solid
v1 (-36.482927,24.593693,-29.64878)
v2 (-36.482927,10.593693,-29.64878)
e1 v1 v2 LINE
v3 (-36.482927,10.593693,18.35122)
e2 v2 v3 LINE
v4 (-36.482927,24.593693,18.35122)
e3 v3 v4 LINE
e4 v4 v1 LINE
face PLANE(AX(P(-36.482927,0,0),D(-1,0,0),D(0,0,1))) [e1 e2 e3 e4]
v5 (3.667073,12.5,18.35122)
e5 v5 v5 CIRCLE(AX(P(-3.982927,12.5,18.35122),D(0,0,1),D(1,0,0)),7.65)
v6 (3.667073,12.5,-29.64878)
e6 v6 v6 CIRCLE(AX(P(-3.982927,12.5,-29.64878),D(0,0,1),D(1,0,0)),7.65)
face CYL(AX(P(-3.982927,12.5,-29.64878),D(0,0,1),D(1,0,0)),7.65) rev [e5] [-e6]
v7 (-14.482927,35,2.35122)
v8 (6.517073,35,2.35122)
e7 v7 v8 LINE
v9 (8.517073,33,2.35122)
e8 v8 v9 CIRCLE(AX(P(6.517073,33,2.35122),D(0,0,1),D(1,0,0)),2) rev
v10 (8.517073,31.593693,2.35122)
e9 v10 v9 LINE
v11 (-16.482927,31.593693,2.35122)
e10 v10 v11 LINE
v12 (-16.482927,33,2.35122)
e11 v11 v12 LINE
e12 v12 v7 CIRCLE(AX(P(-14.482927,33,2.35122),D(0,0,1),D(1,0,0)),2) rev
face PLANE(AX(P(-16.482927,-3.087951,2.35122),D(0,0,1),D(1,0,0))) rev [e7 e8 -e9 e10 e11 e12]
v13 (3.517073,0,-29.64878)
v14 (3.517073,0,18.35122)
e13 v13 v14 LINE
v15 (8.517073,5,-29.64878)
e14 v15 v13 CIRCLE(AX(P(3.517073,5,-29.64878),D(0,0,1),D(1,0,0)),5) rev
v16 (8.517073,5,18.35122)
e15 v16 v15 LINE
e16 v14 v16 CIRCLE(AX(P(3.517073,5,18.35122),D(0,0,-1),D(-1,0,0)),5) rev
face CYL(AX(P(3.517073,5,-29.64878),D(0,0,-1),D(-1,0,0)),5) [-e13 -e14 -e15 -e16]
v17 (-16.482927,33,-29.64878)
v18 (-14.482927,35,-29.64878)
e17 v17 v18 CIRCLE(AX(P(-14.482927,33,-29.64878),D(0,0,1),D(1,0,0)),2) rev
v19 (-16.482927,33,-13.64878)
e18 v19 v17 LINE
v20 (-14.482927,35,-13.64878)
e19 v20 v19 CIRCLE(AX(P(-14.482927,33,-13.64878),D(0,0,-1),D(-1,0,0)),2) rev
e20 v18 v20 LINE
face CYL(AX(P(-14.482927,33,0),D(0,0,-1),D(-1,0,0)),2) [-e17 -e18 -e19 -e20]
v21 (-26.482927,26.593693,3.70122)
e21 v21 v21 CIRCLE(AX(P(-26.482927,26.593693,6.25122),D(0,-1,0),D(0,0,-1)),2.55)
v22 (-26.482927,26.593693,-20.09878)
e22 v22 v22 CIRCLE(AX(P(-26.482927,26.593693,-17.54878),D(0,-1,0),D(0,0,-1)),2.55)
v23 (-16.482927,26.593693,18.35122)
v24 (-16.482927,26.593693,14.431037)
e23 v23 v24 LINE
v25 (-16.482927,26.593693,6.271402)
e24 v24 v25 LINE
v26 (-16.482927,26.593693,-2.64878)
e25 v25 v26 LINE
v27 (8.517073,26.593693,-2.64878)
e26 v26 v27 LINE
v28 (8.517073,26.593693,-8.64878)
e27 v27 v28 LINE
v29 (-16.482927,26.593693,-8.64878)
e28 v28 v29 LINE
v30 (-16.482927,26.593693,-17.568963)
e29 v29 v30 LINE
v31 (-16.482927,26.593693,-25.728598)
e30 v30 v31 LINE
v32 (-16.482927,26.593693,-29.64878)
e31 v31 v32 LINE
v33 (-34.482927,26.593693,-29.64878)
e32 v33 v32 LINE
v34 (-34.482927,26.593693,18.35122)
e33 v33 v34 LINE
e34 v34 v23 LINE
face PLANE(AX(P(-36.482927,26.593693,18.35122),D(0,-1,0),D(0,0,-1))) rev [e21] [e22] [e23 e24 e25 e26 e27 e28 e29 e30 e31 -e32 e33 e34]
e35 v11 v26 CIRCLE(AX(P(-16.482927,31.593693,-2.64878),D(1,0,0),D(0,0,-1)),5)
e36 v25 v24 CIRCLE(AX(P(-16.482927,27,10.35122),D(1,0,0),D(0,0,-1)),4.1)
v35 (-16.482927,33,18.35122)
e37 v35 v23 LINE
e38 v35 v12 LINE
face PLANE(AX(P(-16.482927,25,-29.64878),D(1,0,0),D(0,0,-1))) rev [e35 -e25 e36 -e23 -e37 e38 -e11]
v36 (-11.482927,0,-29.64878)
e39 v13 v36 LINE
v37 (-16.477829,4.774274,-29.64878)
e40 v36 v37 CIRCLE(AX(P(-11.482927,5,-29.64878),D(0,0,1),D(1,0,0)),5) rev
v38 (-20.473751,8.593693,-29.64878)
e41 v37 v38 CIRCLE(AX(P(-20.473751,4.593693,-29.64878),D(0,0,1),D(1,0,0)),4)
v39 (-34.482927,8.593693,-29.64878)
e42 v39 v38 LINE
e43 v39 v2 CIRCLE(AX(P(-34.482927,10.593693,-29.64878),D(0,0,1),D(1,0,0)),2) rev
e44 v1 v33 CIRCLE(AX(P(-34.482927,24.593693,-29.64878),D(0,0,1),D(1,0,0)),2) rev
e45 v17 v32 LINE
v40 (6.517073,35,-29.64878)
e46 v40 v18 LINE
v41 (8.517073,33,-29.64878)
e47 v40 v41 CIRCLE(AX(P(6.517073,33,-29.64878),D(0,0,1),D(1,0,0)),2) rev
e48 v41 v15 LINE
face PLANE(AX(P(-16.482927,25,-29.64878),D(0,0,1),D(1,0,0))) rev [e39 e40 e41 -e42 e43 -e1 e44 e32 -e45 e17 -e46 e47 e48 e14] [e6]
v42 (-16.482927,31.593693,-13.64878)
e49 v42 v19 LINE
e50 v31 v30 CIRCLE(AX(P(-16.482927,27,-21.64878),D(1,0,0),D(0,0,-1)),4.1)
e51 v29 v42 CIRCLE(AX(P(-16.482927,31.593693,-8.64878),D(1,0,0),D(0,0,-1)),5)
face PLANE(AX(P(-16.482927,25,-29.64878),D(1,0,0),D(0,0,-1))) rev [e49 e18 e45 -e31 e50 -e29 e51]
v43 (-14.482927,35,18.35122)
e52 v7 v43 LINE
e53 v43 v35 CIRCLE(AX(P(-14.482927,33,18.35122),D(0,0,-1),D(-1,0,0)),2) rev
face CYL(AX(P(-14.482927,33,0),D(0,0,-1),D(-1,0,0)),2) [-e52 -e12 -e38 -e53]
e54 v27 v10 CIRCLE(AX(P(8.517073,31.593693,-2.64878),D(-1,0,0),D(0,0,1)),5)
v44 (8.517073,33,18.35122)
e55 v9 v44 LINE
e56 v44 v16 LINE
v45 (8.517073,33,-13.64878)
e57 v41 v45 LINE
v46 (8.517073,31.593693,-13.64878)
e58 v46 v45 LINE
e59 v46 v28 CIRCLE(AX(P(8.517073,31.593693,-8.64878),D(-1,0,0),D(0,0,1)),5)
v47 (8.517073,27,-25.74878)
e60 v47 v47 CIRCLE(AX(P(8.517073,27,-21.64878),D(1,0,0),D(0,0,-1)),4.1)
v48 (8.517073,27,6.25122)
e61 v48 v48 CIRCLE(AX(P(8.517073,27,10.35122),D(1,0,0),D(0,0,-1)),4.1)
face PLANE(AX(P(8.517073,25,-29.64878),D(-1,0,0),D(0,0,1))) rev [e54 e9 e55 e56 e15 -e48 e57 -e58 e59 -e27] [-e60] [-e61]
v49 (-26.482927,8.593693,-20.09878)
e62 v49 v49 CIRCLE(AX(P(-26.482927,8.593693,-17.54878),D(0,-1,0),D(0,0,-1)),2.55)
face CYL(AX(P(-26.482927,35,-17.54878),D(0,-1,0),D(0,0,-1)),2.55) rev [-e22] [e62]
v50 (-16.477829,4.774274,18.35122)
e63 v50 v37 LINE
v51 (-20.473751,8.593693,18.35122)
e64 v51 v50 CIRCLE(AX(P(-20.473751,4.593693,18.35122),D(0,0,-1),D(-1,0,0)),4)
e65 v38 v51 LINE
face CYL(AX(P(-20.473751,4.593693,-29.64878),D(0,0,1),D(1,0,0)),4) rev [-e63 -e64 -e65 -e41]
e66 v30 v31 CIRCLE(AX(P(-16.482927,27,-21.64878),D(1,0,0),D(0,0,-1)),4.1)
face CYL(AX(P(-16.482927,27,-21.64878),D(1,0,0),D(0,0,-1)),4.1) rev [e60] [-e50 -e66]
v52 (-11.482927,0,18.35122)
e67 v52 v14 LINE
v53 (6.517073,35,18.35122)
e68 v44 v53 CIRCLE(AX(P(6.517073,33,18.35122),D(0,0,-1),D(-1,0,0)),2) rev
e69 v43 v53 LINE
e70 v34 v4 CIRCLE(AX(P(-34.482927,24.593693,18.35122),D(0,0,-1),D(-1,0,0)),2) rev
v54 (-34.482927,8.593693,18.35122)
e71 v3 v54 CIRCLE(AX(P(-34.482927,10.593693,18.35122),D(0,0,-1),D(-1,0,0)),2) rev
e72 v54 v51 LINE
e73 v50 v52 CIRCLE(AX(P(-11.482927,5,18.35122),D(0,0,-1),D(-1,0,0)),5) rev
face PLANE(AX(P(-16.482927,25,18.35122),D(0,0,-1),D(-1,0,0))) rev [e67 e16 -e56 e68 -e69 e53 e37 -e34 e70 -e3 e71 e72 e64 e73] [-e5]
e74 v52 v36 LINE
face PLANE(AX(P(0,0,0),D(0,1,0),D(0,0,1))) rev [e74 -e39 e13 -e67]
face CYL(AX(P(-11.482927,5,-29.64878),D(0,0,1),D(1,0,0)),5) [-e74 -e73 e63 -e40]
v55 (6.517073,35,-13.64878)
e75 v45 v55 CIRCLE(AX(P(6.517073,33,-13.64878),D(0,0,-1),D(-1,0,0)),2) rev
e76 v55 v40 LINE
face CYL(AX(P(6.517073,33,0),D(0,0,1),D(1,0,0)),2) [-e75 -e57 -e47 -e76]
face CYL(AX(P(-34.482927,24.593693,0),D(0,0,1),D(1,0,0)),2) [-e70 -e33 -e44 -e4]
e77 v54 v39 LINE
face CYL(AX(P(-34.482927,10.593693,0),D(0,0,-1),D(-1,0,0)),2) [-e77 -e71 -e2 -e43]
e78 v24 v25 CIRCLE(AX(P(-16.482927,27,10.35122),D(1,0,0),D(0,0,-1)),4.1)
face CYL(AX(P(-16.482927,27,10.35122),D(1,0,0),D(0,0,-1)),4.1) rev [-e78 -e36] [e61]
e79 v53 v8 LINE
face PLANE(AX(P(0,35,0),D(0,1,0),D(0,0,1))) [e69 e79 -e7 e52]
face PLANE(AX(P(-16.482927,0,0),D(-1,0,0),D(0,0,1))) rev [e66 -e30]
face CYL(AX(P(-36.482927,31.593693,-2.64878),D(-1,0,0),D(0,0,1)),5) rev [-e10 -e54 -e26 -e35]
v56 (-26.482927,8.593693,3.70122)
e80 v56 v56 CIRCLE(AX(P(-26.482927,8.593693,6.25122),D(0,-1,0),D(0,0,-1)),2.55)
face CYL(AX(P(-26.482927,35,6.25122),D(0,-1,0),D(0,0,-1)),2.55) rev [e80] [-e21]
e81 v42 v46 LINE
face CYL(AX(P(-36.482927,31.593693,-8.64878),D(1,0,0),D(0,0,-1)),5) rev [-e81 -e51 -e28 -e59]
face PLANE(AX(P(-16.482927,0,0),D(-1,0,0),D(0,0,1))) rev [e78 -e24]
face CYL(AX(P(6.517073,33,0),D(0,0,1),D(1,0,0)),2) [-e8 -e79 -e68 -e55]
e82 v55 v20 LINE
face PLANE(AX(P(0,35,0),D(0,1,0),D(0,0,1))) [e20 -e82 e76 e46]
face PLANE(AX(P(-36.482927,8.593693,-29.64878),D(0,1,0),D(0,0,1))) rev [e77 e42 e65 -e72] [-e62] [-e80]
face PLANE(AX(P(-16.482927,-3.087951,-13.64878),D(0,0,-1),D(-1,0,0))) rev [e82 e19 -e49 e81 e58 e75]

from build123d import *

# Parameters (mm, degrees)
SKETCH_1_W          = 25
SKETCH_1_H          = 48
EXTRUDE_1_DEPTH     = 25
SKETCH_2_R          = 7.65
CUT_EXTRUDE_1_DEPTH = 57.57461336
SKETCH_3_W          = 25
SKETCH_3_H          = 48
EXTRUDE_2_DEPTH     = 10
SKETCH_4_R          = 4.1
CUT_EXTRUDE_2_DEPTH = 53.240311871
FILLET_1_R          = 5
SKETCH_6_W          = 48
SKETCH_6_H          = 18
EXTRUDE_3_DEPTH     = 20
SKETCH_7_R          = 2.55
CUT_EXTRUDE_3_DEPTH = 54.919821703
FILLET_3_R          = 4
SKETCH_8_W          = 25
SKETCH_8_H          = 16
CUT_EXTRUDE_4_DEPTH = 8.406306785
FILLET_4_R          = 5
FILLET_5_R          = 2
FILLET_6_R          = 2


with BuildPart() as part:
    # 草图1 → 凸台-拉伸1 (new body)
    with BuildSketch(Plane(origin=(0, 0, 0), x_dir=(1, 0, 0), z_dir=(0, 1, 0))):
        with Locations((-3.982926829, 5.648780488)):
            Rectangle(SKETCH_1_W, SKETCH_1_H)
    extrude(amount=EXTRUDE_1_DEPTH)

    # 草图2 → 切除-拉伸1 (cut, through all)
    with BuildSketch(Plane.XY.offset(18.351219512)):
        with Locations((-3.982926829, 12.5)):
            Circle(SKETCH_2_R)
    extrude(amount=-CUT_EXTRUDE_1_DEPTH, mode=Mode.SUBTRACT)

    # 草图3 → 凸台-拉伸2 (add)
    with BuildSketch(Plane(origin=(0, 25, 0), x_dir=(1, 0, 0), z_dir=(0, 1, 0))):
        with Locations((-3.982926829, 5.648780488)):
            Rectangle(SKETCH_3_W, SKETCH_3_H)
    extrude(amount=EXTRUDE_2_DEPTH)

    # 草图4 → 切除-拉伸2 (cut, through all)
    with BuildSketch(Plane(origin=(8.517073171, 0, 0), x_dir=(0, 0, -1), z_dir=(1, 0, 0))):
        with Locations((-10.351219512, 27)):
            Circle(SKETCH_4_R)
        with Locations((21.648780488, 27)):
            Circle(SKETCH_4_R)
    extrude(amount=-CUT_EXTRUDE_2_DEPTH, mode=Mode.SUBTRACT)

    # 圆角1
    fillet_1_edges = [part.edges().sort_by_distance(p)[0] for p in [
        (8.517073171, 0, -5.648780488),
        (-16.482926829, 0, -5.648780488),
    ]]
    fillet(fillet_1_edges, radius=FILLET_1_R)

    # 草图6 → 凸台-拉伸3 (add)
    with BuildSketch(Plane.ZY.offset(16.482926829)):
        with Locations((-5.648780488, 17.593693215)):
            Rectangle(SKETCH_6_W, SKETCH_6_H)
    extrude(amount=EXTRUDE_3_DEPTH)

    # 草图7 → 切除-拉伸3 (cut, through all)
    with BuildSketch(Plane.XZ.offset(-8.593693215)):
        with Locations(Location((-26.482926829, 6.251219512, 0), (0, 0, 270))):
            Circle(SKETCH_7_R)
        with Locations(Location((-26.482926829, -17.548780488, 0), (0, 0, 270))):
            Circle(SKETCH_7_R)
    extrude(amount=-CUT_EXTRUDE_3_DEPTH, mode=Mode.SUBTRACT)

    # 圆角3
    fillet_3_edges = [part.edges().sort_by_distance(p)[0] for p in [
        (-16.482926829, 8.593693215, -5.648780488),
    ]]
    fillet(fillet_3_edges, radius=FILLET_3_R)

    # 草图8 → 切除-拉伸4 (cut)
    with BuildSketch(Plane(origin=(0, 35, 0), x_dir=(1, 0, 0), z_dir=(0, 1, 0))):
        with Locations((-3.982926829, 5.648780488)):
            Rectangle(SKETCH_8_W, SKETCH_8_H)
    extrude(amount=-CUT_EXTRUDE_4_DEPTH, mode=Mode.SUBTRACT)

    # 圆角4
    fillet_4_edges = [part.edges().sort_by_distance(p)[0] for p in [
        (-3.982926829, 26.593693215, 2.351219512),
        (-3.982926829, 26.593693215, -13.648780488),
    ]]
    fillet(fillet_4_edges, radius=FILLET_4_R)

    # 圆角5
    fillet_5_edges = [part.edges().sort_by_distance(p)[0] for p in [
        (-36.482926829, 26.593693215, -5.648780488),
        (-36.482926829, 8.593693215, -5.648780488),
    ]]
    fillet(fillet_5_edges, radius=FILLET_5_R)

    # 圆角6
    fillet_6_edges = [part.edges().sort_by_distance(p)[0] for p in [
        (-16.482926829, 35, -21.648780488),
        (8.517073171, 35, 10.351219512),
        (-16.482926829, 35, 10.351219512),
        (8.517073171, 35, -21.648780488),
    ]]
    fillet(fillet_6_edges, radius=FILLET_6_R)


solid = part.part
